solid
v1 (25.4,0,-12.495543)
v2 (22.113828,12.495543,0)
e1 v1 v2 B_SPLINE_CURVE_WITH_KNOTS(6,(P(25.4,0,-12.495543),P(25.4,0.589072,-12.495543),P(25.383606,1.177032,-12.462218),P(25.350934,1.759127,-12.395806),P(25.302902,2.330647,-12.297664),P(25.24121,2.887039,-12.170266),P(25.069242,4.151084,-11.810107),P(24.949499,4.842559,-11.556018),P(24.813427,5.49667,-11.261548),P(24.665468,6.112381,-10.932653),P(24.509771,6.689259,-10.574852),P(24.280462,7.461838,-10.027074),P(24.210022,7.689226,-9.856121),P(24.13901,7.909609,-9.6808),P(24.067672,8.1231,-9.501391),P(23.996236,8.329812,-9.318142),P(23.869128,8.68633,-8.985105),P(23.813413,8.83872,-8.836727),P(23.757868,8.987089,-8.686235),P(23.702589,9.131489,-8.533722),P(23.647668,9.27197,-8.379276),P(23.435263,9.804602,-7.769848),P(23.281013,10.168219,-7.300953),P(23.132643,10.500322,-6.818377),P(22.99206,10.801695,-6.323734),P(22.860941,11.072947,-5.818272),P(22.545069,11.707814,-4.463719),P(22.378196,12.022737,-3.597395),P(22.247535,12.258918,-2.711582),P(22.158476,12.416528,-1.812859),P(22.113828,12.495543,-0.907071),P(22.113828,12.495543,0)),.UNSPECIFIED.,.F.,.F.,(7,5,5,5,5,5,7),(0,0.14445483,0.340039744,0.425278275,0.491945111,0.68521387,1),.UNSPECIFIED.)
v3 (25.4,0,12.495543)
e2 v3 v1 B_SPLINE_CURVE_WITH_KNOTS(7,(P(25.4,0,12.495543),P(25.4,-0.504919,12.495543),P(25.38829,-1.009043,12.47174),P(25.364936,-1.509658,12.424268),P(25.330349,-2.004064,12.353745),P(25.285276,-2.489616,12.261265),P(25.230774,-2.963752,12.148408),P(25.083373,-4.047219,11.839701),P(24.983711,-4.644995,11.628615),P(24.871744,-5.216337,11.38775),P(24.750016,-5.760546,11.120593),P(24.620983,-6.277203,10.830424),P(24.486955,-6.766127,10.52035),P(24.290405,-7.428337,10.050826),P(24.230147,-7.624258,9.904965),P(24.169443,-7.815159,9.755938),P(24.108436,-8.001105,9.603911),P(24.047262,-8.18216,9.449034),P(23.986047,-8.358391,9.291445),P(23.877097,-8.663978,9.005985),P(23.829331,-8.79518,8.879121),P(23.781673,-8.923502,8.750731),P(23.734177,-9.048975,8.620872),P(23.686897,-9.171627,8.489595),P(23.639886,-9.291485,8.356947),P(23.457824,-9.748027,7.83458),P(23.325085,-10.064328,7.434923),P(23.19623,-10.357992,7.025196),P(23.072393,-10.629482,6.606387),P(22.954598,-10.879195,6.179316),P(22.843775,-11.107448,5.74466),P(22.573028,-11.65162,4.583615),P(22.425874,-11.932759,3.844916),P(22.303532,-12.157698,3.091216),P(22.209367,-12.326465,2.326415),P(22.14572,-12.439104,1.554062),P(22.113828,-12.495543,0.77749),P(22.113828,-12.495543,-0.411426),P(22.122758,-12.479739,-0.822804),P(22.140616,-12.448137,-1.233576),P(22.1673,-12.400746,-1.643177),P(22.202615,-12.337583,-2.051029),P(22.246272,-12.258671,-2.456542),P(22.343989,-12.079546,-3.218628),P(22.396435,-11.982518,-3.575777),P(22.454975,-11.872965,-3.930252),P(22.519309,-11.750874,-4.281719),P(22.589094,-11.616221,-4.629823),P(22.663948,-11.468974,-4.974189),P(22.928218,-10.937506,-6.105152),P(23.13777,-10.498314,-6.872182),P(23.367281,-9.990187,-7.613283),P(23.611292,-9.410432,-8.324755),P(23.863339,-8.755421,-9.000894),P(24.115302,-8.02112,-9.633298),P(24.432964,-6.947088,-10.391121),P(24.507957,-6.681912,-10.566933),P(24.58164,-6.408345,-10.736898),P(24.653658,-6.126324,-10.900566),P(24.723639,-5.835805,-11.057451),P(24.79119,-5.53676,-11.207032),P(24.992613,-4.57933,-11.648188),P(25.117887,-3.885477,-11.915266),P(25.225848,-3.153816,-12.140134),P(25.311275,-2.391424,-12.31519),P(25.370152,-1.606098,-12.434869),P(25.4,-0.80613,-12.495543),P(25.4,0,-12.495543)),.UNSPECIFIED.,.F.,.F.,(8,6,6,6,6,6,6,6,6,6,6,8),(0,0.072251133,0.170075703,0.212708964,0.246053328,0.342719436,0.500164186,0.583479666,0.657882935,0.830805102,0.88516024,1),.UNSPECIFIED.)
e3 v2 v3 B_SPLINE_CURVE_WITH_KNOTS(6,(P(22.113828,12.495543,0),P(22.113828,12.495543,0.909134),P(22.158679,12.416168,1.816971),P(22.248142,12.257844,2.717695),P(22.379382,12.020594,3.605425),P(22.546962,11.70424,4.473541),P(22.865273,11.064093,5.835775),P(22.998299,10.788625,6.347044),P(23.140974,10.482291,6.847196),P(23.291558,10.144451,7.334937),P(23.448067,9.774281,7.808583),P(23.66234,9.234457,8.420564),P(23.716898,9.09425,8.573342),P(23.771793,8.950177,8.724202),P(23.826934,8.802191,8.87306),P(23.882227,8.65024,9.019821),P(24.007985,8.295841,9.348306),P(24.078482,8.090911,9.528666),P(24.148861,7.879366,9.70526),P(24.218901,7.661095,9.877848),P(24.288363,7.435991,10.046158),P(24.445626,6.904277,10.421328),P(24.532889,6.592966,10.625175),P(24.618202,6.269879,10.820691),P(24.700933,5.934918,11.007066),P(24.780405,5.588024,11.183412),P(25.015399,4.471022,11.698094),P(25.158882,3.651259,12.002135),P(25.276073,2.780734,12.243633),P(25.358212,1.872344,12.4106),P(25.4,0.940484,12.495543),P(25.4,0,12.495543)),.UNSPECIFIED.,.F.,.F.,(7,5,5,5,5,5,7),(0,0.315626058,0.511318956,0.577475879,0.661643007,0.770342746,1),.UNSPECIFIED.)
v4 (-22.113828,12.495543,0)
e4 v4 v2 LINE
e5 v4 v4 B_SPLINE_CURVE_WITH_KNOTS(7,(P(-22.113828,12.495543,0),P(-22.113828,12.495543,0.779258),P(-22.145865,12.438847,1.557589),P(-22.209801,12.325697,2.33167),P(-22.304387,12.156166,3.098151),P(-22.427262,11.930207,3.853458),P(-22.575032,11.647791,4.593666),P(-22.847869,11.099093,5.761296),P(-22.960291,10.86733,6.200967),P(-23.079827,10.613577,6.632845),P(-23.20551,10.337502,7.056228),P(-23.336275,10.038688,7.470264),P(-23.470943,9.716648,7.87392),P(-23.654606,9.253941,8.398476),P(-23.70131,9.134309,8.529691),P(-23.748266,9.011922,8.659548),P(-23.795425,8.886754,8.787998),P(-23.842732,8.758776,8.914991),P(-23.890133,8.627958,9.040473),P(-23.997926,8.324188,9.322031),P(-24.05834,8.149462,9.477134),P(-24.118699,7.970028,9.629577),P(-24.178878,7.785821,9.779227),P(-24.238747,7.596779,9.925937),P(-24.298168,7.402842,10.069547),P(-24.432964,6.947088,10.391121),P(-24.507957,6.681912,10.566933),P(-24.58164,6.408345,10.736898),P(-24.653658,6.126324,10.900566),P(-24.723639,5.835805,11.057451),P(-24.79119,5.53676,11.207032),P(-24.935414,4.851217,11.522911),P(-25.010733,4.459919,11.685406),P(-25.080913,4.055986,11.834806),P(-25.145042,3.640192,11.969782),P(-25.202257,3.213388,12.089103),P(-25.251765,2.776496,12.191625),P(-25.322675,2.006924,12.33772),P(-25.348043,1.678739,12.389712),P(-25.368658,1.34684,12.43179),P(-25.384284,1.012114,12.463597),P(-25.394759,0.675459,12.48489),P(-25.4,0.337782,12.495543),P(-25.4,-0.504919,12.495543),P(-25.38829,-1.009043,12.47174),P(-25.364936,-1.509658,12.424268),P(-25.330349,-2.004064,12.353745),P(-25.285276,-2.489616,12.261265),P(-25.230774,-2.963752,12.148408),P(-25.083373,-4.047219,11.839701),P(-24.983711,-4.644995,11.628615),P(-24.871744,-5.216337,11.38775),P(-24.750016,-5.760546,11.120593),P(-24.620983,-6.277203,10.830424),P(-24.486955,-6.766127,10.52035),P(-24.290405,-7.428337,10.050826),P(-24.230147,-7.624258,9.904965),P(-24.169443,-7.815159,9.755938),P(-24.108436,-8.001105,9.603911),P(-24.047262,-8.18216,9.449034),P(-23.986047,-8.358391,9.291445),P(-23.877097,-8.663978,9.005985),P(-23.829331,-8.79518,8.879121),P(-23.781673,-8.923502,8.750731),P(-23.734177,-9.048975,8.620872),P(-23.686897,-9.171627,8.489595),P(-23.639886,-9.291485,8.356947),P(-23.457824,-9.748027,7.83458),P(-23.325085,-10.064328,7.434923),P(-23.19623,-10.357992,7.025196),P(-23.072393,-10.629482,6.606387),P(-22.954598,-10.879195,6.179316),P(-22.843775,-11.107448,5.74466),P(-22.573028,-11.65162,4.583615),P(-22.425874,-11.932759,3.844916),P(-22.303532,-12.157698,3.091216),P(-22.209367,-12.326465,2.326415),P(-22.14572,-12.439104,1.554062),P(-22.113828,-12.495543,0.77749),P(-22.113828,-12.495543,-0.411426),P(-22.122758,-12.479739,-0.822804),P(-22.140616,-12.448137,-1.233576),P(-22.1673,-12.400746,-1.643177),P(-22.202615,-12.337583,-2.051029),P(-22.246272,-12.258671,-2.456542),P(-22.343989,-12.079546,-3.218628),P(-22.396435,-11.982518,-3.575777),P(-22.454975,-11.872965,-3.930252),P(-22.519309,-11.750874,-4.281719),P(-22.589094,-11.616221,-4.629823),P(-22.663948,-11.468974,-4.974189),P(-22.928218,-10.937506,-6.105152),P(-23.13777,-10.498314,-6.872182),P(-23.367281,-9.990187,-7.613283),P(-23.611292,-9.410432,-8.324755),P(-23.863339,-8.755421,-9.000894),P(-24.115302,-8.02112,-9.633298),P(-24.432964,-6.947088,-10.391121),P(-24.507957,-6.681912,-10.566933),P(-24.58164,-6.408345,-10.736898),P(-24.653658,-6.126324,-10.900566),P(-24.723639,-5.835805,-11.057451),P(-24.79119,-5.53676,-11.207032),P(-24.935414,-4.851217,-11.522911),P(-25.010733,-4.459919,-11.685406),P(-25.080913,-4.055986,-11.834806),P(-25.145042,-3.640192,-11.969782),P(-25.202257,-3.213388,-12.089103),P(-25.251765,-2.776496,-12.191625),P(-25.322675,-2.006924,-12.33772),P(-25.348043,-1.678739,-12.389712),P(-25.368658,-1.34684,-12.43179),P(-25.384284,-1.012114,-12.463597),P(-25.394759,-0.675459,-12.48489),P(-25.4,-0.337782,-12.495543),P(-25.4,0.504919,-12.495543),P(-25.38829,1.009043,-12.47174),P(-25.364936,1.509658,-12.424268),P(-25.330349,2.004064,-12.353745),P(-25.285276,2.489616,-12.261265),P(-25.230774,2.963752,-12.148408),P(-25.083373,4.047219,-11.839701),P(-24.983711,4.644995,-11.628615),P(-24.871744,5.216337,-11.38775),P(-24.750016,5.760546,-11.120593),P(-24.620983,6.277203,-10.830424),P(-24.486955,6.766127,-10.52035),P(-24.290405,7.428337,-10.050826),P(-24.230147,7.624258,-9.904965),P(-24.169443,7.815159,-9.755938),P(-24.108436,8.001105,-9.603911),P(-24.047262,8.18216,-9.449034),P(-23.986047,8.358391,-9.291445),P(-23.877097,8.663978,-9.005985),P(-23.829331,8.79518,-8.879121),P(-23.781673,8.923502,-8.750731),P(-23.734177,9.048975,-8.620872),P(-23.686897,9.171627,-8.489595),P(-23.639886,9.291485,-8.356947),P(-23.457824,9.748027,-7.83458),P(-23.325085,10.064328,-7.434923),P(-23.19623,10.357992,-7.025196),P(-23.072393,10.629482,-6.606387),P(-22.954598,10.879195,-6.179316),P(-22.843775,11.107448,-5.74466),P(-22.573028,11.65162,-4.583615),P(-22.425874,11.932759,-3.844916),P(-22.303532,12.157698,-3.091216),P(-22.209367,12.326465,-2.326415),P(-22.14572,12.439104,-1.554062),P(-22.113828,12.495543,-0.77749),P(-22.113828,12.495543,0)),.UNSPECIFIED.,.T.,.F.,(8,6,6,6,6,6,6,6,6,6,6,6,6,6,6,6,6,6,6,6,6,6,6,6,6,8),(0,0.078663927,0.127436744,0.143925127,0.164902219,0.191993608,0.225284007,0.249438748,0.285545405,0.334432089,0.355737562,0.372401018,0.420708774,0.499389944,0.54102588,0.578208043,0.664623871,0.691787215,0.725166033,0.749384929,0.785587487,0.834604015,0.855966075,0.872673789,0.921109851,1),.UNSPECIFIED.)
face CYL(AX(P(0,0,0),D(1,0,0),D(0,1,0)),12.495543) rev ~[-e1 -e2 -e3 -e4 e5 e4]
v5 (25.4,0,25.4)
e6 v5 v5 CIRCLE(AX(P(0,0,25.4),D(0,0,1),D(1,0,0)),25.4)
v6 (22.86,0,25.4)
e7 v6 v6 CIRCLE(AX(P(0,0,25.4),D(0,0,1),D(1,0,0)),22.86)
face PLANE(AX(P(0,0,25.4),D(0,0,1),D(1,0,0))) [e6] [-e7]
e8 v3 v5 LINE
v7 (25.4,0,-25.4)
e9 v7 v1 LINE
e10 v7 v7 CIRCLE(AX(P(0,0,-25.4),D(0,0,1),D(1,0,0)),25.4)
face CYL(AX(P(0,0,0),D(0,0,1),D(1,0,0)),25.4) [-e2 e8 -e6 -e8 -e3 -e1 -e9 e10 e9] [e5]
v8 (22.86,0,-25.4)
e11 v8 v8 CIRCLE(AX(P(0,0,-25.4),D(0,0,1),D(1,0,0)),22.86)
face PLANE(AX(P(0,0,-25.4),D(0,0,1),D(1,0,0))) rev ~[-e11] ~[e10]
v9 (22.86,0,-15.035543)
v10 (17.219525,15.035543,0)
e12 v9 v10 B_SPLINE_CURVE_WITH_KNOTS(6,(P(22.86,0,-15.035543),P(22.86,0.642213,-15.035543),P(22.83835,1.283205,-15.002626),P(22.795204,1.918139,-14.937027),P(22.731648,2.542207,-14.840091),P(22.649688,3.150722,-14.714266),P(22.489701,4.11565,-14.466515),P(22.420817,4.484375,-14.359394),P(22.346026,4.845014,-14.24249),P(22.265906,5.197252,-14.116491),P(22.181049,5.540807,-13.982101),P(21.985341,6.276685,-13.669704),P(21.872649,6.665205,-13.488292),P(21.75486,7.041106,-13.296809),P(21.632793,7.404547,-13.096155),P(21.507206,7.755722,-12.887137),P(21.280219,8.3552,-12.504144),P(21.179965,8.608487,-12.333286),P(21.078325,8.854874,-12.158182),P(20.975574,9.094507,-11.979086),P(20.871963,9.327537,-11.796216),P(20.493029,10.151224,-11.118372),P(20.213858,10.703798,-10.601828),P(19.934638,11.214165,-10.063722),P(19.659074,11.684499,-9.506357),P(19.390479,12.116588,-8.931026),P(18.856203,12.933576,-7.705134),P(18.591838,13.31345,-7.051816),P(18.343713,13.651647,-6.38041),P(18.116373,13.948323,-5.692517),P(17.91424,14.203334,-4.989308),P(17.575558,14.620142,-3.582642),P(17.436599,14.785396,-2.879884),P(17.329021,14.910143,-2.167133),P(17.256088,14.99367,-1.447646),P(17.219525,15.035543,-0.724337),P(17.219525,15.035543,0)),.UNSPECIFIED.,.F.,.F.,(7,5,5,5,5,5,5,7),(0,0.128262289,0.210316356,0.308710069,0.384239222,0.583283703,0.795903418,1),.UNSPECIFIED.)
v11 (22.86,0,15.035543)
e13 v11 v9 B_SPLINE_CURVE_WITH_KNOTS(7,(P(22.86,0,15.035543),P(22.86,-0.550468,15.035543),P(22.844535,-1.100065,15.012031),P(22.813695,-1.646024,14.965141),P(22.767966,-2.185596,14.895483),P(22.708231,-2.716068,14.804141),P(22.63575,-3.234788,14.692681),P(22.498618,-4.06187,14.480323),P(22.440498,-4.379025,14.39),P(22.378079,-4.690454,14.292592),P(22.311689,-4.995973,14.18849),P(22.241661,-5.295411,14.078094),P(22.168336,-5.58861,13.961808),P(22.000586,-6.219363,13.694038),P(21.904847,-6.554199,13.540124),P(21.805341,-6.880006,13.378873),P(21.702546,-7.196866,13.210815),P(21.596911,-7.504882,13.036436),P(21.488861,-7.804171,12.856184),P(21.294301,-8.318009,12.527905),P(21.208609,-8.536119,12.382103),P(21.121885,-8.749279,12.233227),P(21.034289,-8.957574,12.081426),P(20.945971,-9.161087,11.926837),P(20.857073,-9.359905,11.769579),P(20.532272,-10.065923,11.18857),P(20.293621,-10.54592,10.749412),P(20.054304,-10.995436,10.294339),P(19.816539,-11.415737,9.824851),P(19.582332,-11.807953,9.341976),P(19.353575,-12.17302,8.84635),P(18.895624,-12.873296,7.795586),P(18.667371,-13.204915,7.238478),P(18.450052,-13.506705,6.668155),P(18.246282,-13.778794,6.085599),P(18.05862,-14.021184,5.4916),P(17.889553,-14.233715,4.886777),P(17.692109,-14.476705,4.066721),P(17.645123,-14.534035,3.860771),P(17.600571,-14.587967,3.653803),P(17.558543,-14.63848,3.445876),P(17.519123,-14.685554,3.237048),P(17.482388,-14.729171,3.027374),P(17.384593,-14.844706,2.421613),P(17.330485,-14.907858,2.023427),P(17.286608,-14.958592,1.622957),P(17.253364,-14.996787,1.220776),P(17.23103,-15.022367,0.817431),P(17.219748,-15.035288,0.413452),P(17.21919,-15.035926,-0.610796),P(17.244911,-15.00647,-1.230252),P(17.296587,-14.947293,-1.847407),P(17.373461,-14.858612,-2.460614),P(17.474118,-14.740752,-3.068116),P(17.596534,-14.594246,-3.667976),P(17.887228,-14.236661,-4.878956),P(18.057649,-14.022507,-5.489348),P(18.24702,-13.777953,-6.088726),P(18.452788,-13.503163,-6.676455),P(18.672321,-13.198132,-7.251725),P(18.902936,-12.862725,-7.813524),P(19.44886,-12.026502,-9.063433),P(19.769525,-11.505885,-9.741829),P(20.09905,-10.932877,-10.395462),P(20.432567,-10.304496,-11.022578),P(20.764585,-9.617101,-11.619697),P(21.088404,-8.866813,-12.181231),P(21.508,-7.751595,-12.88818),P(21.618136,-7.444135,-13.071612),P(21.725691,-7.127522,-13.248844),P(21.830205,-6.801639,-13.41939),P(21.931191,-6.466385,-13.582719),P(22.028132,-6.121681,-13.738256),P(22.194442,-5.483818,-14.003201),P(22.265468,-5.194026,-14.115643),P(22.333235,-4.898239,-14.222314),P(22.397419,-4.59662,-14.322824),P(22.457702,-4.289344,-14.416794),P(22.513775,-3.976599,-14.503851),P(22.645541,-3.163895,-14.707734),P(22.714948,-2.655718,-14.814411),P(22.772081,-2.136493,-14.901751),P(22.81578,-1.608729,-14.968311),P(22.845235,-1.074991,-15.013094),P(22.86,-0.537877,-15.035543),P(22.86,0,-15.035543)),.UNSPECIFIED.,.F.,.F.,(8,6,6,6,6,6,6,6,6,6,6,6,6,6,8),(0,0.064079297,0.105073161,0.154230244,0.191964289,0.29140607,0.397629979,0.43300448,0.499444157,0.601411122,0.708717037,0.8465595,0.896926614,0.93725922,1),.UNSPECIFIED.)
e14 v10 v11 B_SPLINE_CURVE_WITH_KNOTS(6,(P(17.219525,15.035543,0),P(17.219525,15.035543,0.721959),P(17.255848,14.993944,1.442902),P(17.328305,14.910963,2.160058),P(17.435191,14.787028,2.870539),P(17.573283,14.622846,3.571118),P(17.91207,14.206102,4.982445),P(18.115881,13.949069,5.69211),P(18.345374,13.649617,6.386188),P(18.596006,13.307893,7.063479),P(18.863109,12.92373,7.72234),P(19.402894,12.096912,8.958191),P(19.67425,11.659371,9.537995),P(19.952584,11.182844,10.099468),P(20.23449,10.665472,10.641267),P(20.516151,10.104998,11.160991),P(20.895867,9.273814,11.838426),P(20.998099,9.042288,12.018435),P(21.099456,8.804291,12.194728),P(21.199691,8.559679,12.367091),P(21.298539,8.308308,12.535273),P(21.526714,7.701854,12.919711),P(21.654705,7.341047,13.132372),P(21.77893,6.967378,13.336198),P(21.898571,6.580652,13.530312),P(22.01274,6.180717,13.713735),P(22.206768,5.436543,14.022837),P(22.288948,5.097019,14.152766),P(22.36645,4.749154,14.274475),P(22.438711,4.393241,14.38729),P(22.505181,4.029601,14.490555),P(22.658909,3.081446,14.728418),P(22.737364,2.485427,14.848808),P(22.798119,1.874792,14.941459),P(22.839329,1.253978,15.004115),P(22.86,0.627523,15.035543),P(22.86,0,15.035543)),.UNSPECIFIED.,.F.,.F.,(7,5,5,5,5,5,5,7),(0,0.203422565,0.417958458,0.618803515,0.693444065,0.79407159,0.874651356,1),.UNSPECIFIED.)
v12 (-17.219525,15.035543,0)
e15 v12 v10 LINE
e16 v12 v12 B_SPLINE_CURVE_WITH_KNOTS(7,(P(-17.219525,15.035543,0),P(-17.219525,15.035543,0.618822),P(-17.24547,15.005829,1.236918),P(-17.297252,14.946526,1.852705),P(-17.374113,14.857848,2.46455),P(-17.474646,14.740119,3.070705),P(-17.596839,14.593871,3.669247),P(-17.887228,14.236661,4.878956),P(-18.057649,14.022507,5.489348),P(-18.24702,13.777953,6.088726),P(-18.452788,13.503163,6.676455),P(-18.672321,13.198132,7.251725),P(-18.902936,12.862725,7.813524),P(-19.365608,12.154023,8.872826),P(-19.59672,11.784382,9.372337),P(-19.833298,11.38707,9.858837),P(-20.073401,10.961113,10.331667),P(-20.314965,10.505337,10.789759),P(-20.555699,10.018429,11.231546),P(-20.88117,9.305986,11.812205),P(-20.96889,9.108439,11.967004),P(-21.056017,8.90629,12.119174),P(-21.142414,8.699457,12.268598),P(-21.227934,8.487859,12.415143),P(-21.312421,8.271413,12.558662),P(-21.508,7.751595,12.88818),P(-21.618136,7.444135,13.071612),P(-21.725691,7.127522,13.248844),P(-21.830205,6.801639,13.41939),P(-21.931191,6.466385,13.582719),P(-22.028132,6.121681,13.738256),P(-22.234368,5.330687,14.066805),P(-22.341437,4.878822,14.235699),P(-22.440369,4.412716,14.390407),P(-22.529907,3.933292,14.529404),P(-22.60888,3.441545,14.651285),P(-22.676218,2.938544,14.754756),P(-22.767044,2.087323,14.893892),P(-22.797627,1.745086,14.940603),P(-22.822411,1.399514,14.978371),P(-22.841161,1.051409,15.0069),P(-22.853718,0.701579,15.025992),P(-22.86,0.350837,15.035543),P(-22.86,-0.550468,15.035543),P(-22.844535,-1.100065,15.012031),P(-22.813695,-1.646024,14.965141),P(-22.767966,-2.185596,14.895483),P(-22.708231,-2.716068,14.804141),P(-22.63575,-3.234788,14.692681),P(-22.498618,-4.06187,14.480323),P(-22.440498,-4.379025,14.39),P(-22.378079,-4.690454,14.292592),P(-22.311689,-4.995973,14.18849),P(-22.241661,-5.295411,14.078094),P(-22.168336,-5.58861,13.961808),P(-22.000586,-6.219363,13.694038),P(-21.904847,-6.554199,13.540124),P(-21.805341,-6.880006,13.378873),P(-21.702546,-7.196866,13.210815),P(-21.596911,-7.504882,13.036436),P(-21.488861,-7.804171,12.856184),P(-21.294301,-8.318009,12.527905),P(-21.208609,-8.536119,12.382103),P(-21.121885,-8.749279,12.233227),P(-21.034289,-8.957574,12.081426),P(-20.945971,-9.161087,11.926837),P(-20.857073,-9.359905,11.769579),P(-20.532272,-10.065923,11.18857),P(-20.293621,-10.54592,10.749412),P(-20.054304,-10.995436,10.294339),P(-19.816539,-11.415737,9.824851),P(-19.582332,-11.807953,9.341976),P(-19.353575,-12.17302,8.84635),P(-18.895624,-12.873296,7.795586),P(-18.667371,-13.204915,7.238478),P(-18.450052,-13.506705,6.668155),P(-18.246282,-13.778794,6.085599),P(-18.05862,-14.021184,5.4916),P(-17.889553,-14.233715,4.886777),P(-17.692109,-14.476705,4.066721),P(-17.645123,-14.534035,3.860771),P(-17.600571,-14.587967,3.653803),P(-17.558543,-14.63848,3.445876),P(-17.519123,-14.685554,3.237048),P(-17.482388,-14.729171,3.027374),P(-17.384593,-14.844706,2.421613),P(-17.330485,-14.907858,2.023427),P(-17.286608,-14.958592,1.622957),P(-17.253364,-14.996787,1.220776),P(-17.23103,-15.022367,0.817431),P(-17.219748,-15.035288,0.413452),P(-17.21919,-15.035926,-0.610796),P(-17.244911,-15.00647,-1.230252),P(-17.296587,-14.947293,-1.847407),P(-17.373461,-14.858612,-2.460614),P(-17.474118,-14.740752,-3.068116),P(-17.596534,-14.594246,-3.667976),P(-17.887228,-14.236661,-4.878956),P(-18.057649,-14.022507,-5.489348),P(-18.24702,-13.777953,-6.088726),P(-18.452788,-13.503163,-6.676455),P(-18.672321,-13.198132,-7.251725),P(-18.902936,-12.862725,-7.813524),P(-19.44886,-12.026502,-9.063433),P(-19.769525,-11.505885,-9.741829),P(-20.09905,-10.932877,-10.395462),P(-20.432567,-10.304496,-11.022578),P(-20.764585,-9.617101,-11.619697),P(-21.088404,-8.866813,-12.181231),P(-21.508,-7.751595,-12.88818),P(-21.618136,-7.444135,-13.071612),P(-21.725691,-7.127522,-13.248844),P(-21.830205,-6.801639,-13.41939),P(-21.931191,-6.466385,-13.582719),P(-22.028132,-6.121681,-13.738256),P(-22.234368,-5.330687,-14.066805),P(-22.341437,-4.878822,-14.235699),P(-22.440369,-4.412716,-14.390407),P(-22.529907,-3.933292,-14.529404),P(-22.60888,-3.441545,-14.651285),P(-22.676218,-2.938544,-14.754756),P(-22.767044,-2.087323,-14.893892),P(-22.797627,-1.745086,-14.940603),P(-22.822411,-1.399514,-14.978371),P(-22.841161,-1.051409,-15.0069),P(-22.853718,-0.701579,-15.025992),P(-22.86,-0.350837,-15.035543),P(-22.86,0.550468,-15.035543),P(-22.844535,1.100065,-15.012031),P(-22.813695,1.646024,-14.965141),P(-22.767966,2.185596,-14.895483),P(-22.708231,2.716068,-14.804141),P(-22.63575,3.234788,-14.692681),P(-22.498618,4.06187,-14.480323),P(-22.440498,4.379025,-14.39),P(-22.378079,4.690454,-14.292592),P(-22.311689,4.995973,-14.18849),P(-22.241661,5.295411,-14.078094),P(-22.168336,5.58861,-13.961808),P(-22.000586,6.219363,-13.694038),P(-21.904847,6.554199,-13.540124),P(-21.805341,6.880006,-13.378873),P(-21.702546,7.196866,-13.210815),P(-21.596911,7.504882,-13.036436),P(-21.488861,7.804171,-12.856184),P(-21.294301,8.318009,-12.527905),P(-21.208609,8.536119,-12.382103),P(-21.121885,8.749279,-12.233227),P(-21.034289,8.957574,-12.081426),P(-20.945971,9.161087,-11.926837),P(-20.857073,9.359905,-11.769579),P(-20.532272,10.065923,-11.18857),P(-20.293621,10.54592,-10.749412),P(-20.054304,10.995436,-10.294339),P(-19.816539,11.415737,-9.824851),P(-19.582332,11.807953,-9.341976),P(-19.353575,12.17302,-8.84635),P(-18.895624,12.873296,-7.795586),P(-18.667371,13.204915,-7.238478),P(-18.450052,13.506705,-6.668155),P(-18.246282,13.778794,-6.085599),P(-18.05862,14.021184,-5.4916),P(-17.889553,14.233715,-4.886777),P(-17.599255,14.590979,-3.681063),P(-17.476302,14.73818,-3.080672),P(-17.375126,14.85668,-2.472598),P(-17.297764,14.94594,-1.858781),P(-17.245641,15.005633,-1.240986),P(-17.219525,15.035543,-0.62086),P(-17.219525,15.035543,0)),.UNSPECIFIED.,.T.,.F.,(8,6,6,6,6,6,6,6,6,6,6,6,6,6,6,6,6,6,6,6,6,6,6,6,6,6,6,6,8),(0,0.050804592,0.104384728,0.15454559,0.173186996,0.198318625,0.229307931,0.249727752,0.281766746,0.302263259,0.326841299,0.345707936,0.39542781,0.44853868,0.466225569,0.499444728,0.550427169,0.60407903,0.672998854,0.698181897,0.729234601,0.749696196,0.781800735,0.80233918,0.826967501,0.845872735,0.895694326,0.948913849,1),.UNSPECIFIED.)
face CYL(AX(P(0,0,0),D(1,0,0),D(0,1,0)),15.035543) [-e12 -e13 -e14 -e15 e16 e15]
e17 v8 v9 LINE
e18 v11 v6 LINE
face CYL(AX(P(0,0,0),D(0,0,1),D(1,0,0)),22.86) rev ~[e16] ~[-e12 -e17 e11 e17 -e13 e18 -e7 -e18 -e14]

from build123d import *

# Parameters (mm, degrees)
F0_R     = 25.4
F1_DEPTH = 25.4
F2_R     = 12.495543
F3_DEPTH = 43.18
F4_T     = -2.54


with BuildPart() as f1:
    # F0 (on Top) → F1 (new body, symmetric)
    with BuildSketch(Plane.XY):
        Circle(F0_R)
    extrude(amount=F1_DEPTH, both=True)

    # F2 (on Right) → F3 (cut, symmetric)
    with BuildSketch(Plane.YZ):
        Circle(F2_R)
    extrude(amount=F3_DEPTH, both=True, mode=Mode.SUBTRACT)

    # F4
    f4_openings = [f1.faces().sort_by_distance(p)[0] for p in [
        (0, 0, 25.4),
        (0, 0, -25.4),
    ]]
    offset(amount=F4_T, openings=f4_openings)


solid = f1.part
